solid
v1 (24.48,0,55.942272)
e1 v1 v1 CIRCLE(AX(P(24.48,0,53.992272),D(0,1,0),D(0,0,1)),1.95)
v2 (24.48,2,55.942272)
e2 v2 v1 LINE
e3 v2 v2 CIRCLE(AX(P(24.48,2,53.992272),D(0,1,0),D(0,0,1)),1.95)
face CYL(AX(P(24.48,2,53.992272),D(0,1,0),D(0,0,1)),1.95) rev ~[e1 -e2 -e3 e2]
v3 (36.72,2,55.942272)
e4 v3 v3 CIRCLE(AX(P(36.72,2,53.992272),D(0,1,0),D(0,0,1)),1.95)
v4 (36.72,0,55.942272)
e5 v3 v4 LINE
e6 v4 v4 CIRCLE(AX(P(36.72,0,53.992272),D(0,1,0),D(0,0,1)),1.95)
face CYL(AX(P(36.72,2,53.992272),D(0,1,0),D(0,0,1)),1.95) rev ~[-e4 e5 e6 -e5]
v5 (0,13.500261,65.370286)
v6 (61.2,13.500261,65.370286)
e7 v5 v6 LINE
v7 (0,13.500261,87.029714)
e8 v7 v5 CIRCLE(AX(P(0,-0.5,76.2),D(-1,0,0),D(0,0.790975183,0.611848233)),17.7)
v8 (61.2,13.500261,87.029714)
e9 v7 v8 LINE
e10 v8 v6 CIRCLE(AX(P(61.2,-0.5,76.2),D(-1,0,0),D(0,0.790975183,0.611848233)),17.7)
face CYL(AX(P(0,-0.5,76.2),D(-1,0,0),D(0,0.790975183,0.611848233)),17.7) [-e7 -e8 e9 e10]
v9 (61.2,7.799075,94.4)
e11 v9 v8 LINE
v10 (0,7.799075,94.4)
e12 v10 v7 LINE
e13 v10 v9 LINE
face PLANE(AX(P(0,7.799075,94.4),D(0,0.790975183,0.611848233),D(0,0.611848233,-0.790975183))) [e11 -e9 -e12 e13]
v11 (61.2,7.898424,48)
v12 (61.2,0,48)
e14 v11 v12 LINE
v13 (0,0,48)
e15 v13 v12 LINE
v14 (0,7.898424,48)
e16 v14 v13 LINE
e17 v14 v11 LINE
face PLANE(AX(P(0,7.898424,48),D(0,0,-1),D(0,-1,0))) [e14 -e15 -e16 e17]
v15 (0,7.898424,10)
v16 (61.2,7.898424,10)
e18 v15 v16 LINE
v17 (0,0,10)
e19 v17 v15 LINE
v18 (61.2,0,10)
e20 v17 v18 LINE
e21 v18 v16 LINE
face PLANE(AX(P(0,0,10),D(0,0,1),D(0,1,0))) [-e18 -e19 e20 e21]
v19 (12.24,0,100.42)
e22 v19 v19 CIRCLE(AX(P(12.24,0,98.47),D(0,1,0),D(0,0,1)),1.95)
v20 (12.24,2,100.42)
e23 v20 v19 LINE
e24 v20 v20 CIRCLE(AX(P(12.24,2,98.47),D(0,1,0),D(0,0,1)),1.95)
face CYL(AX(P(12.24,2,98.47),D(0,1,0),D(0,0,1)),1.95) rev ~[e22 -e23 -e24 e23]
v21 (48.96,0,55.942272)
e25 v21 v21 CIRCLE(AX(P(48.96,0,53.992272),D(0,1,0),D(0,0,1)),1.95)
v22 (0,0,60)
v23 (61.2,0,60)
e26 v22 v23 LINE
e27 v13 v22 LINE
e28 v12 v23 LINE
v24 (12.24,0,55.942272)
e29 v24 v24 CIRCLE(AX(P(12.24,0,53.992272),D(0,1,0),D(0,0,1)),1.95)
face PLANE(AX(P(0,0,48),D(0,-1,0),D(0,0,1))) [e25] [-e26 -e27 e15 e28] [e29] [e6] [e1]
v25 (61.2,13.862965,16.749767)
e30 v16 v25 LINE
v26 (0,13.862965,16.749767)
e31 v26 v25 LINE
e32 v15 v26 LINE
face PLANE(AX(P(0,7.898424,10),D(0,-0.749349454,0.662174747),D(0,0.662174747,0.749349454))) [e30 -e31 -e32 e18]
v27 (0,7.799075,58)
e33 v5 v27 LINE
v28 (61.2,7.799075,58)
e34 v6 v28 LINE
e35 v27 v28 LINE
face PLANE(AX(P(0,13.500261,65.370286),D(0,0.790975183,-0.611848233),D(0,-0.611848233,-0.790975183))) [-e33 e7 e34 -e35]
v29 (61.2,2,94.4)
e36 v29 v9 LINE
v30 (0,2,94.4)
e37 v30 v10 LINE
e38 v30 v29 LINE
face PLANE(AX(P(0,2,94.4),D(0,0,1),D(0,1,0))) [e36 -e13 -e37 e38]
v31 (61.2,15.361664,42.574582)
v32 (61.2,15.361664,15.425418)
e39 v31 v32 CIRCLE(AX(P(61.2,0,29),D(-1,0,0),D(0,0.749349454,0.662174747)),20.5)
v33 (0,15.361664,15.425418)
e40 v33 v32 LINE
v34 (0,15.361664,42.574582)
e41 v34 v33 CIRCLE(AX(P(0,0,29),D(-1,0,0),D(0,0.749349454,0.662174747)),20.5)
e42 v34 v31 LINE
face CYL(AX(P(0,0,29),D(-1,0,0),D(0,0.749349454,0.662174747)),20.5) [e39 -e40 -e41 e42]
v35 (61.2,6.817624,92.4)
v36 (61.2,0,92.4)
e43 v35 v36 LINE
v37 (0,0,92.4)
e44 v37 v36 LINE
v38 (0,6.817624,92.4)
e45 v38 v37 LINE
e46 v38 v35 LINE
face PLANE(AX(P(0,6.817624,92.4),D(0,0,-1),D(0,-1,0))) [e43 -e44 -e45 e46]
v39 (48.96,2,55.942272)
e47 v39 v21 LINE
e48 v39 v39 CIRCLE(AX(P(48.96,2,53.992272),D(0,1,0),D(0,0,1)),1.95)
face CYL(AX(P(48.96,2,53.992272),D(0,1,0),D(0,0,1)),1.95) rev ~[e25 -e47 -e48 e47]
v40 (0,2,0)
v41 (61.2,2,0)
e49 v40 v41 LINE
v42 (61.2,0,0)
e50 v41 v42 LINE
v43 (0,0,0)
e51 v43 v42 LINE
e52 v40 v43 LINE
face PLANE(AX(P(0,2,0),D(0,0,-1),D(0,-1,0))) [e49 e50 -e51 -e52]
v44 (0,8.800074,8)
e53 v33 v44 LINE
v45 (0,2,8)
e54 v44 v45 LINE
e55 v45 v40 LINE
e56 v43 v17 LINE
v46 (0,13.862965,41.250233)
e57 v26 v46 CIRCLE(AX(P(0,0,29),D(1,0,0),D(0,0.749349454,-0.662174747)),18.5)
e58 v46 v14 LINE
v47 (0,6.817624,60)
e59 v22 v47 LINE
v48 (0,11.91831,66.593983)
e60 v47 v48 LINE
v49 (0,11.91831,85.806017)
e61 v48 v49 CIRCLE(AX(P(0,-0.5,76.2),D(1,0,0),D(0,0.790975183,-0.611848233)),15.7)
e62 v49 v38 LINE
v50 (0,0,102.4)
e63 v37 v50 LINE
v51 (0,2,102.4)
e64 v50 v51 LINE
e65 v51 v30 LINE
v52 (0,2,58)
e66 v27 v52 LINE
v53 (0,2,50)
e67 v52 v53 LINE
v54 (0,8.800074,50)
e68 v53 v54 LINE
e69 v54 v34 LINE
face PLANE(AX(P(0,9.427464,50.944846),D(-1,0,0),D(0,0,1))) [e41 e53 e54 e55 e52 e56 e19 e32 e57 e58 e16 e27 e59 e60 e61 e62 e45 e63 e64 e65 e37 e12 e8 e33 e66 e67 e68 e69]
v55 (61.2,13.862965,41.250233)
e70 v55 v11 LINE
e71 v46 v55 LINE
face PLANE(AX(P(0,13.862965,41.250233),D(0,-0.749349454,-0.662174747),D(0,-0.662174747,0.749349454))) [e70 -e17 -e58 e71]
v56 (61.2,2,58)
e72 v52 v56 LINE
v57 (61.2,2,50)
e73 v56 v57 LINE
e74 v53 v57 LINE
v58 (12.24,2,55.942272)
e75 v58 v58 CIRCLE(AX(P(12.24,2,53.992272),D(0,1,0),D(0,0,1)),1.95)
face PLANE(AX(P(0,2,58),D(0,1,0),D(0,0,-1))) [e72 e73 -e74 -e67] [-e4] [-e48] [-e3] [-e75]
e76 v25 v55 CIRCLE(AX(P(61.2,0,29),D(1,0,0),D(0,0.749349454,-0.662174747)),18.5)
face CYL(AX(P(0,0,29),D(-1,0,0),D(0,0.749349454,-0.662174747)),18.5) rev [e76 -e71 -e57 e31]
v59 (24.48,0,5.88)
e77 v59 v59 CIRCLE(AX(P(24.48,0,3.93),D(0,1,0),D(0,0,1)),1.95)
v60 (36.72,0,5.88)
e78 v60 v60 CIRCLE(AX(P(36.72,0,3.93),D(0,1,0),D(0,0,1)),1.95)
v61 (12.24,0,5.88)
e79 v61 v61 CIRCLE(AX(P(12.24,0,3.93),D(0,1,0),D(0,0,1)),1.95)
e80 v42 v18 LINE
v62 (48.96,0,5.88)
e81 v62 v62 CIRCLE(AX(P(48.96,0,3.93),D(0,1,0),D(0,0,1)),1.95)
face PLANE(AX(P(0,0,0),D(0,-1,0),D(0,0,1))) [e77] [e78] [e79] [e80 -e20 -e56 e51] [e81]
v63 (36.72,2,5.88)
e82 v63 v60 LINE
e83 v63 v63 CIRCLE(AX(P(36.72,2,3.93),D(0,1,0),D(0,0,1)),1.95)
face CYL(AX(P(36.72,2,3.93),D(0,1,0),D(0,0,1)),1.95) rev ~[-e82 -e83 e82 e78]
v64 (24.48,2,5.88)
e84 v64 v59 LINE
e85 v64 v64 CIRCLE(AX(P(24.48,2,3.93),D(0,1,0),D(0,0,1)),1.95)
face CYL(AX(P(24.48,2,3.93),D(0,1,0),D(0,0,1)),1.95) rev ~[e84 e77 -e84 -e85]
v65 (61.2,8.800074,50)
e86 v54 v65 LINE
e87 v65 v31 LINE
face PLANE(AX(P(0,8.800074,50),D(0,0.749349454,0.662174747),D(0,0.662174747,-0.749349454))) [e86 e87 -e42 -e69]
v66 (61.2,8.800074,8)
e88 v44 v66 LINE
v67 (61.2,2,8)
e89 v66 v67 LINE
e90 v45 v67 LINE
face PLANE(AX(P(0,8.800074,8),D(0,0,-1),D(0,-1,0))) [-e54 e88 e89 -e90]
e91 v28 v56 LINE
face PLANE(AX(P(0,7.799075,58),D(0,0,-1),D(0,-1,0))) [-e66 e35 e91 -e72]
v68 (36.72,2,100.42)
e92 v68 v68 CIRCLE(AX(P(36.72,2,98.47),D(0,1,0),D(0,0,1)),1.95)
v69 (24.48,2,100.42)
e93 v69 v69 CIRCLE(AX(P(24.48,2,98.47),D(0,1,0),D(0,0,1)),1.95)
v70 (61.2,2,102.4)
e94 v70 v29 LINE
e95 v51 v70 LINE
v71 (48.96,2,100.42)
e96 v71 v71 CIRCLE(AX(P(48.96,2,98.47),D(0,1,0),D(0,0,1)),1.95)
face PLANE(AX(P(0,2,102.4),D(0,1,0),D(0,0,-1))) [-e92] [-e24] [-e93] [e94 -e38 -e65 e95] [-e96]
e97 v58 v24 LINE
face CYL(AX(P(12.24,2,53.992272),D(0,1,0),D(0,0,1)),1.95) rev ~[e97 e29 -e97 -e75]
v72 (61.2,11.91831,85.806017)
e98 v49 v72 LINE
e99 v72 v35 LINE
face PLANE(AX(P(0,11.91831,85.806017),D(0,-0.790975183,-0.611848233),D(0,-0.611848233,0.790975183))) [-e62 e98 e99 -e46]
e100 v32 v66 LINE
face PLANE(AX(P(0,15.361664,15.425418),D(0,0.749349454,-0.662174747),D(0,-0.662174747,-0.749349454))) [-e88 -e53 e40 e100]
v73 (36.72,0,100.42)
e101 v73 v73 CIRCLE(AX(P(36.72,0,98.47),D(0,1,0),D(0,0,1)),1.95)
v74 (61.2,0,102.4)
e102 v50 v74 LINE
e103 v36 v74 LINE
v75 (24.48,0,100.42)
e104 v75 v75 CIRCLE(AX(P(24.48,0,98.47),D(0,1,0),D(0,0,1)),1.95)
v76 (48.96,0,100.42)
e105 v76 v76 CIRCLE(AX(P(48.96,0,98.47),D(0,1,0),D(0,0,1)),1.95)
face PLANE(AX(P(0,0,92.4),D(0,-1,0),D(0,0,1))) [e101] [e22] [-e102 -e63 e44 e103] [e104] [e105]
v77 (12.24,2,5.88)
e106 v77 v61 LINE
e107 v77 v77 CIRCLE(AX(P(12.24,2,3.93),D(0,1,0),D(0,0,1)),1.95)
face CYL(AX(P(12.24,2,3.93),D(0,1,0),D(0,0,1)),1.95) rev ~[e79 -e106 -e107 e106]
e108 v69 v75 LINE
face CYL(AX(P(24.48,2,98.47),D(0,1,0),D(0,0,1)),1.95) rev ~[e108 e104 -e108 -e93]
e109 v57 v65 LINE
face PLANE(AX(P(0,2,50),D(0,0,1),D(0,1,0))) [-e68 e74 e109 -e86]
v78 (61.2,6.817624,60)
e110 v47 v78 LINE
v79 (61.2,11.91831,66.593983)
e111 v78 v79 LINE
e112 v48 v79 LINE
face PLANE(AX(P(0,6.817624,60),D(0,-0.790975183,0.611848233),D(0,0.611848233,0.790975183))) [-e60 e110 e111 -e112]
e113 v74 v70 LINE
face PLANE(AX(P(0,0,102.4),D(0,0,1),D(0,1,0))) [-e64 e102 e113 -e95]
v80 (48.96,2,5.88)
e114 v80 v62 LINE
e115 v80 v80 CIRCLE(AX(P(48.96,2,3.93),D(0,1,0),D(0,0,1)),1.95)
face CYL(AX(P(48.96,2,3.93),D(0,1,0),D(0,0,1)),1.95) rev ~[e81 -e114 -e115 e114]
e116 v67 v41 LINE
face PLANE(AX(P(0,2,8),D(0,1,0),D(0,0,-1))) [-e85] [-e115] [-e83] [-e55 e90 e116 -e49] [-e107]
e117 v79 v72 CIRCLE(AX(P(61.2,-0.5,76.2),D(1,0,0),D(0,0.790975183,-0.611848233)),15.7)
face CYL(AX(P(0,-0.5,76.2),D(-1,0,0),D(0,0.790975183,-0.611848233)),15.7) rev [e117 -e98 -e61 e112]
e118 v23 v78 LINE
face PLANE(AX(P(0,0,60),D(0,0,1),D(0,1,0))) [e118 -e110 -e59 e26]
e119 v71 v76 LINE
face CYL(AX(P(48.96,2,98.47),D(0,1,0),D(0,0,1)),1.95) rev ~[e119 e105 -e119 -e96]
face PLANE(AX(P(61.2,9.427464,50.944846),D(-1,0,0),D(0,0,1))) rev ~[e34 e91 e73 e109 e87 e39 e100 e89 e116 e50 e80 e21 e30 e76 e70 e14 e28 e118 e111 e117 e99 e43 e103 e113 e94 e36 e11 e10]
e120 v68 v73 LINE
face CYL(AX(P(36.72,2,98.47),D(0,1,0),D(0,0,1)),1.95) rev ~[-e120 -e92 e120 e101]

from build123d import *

# Parameters (mm, degrees)
BOSS_EXTRUDE1_DEPTH = 61.2
SKETCH3_R           = 1.95
CUT_EXTRUDE1_DEPTH  = 2


with BuildPart() as part:
    # Sketch2 → Boss-Extrude1 (new body)
    with BuildSketch(Plane(origin=(0, 0, 0), x_dir=(0, 0, -1), z_dir=(1, 0, 0))):
        with BuildLine():
            Line((0, 0), (-10, 0))
            Line((-10, 0), (-10, 7.898424126))
            Line((-10, 7.898424126), (-16.749767181, 13.862964902))
            ThreePointArc((-16.749767181, 13.862964902), (-29, 18.5), (-41.250232819, 13.862964902))
            Line((-41.250232819, 13.862964902), (-48, 7.898424126))
            Line((-48, 7.898424126), (-48, 0))
            Line((-48, 0), (-60, 0))
            Line((-60, 0), (-60, 6.817623549))
            Line((-60, 6.817623549), (-66.59398274, 11.918310368))
            ThreePointArc((-66.59398274, 11.918310368), (-76.2, 15.2), (-85.80601726, 11.918310368))
            Line((-85.80601726, 11.918310368), (-92.4, 6.817623549))
            Line((-92.4, 6.817623549), (-92.4, 0))
            Line((-92.4, 0), (-102.4, 0))
            Line((-102.4, 0), (-102.4, 2))
            Line((-102.4, 2), (-94.4, 2))
            Line((-94.4, 2), (-94.4, 7.799074738))
            Line((-94.4, 7.799074738), (-87.029713726, 13.500260734))
            ThreePointArc((-87.029713726, 13.500260734), (-76.2, 17.2), (-65.370286274, 13.500260734))
            Line((-65.370286274, 13.500260734), (-58, 7.799074738))
            Line((-58, 7.799074738), (-58, 2))
            Line((-58, 2), (-50, 2))
            Line((-50, 2), (-50, 8.800073553))
            Line((-50, 8.800073553), (-42.574582313, 15.361663811))
            ThreePointArc((-42.574582313, 15.361663811), (-29, 20.5), (-15.425417687, 15.361663811))
            Line((-15.425417687, 15.361663811), (-8, 8.800073553))
            Line((-8, 8.800073553), (-8, 2))
            Line((-8, 2), (0, 2))
            Line((0, 2), (0, 0))
        make_face()
    extrude(amount=BOSS_EXTRUDE1_DEPTH)

    # Sketch3 → Cut-Extrude1 (cut)
    with BuildSketch(Plane(origin=(0, 2, 0), x_dir=(1, 0, 0), z_dir=(0, 1, 0))):
        with Locations(Location((12.24, -3.93, 0), (0, 0, 270))):
            Circle(SKETCH3_R)
        with Locations(Location((24.48, -3.93, 0), (0, 0, 270))):
            Circle(SKETCH3_R)
        with Locations(Location((36.72, -3.93, 0), (0, 0, 270))):
            Circle(SKETCH3_R)
        with Locations(Location((48.96, -3.93, 0), (0, 0, 270))):
            Circle(SKETCH3_R)
        with Locations(Location((12.24, -53.992271577, 0), (0, 0, 270))):
            Circle(SKETCH3_R)
        with Locations(Location((24.48, -53.992271577, 0), (0, 0, 270))):
            Circle(SKETCH3_R)
        with Locations(Location((36.72, -53.992271577, 0), (0, 0, 270))):
            Circle(SKETCH3_R)
        with Locations(Location((48.96, -53.992271577, 0), (0, 0, 270))):
            Circle(SKETCH3_R)
        with Locations(Location((12.24, -98.47, 0), (0, 0, 270))):
            Circle(SKETCH3_R)
        with Locations(Location((24.48, -98.47, 0), (0, 0, 270))):
            Circle(SKETCH3_R)
        with Locations(Location((36.72, -98.47, 0), (0, 0, 270))):
            Circle(SKETCH3_R)
        with Locations(Location((48.96, -98.47, 0), (0, 0, 270))):
            Circle(SKETCH3_R)
    extrude(amount=-CUT_EXTRUDE1_DEPTH, mode=Mode.SUBTRACT)


solid = part.part
